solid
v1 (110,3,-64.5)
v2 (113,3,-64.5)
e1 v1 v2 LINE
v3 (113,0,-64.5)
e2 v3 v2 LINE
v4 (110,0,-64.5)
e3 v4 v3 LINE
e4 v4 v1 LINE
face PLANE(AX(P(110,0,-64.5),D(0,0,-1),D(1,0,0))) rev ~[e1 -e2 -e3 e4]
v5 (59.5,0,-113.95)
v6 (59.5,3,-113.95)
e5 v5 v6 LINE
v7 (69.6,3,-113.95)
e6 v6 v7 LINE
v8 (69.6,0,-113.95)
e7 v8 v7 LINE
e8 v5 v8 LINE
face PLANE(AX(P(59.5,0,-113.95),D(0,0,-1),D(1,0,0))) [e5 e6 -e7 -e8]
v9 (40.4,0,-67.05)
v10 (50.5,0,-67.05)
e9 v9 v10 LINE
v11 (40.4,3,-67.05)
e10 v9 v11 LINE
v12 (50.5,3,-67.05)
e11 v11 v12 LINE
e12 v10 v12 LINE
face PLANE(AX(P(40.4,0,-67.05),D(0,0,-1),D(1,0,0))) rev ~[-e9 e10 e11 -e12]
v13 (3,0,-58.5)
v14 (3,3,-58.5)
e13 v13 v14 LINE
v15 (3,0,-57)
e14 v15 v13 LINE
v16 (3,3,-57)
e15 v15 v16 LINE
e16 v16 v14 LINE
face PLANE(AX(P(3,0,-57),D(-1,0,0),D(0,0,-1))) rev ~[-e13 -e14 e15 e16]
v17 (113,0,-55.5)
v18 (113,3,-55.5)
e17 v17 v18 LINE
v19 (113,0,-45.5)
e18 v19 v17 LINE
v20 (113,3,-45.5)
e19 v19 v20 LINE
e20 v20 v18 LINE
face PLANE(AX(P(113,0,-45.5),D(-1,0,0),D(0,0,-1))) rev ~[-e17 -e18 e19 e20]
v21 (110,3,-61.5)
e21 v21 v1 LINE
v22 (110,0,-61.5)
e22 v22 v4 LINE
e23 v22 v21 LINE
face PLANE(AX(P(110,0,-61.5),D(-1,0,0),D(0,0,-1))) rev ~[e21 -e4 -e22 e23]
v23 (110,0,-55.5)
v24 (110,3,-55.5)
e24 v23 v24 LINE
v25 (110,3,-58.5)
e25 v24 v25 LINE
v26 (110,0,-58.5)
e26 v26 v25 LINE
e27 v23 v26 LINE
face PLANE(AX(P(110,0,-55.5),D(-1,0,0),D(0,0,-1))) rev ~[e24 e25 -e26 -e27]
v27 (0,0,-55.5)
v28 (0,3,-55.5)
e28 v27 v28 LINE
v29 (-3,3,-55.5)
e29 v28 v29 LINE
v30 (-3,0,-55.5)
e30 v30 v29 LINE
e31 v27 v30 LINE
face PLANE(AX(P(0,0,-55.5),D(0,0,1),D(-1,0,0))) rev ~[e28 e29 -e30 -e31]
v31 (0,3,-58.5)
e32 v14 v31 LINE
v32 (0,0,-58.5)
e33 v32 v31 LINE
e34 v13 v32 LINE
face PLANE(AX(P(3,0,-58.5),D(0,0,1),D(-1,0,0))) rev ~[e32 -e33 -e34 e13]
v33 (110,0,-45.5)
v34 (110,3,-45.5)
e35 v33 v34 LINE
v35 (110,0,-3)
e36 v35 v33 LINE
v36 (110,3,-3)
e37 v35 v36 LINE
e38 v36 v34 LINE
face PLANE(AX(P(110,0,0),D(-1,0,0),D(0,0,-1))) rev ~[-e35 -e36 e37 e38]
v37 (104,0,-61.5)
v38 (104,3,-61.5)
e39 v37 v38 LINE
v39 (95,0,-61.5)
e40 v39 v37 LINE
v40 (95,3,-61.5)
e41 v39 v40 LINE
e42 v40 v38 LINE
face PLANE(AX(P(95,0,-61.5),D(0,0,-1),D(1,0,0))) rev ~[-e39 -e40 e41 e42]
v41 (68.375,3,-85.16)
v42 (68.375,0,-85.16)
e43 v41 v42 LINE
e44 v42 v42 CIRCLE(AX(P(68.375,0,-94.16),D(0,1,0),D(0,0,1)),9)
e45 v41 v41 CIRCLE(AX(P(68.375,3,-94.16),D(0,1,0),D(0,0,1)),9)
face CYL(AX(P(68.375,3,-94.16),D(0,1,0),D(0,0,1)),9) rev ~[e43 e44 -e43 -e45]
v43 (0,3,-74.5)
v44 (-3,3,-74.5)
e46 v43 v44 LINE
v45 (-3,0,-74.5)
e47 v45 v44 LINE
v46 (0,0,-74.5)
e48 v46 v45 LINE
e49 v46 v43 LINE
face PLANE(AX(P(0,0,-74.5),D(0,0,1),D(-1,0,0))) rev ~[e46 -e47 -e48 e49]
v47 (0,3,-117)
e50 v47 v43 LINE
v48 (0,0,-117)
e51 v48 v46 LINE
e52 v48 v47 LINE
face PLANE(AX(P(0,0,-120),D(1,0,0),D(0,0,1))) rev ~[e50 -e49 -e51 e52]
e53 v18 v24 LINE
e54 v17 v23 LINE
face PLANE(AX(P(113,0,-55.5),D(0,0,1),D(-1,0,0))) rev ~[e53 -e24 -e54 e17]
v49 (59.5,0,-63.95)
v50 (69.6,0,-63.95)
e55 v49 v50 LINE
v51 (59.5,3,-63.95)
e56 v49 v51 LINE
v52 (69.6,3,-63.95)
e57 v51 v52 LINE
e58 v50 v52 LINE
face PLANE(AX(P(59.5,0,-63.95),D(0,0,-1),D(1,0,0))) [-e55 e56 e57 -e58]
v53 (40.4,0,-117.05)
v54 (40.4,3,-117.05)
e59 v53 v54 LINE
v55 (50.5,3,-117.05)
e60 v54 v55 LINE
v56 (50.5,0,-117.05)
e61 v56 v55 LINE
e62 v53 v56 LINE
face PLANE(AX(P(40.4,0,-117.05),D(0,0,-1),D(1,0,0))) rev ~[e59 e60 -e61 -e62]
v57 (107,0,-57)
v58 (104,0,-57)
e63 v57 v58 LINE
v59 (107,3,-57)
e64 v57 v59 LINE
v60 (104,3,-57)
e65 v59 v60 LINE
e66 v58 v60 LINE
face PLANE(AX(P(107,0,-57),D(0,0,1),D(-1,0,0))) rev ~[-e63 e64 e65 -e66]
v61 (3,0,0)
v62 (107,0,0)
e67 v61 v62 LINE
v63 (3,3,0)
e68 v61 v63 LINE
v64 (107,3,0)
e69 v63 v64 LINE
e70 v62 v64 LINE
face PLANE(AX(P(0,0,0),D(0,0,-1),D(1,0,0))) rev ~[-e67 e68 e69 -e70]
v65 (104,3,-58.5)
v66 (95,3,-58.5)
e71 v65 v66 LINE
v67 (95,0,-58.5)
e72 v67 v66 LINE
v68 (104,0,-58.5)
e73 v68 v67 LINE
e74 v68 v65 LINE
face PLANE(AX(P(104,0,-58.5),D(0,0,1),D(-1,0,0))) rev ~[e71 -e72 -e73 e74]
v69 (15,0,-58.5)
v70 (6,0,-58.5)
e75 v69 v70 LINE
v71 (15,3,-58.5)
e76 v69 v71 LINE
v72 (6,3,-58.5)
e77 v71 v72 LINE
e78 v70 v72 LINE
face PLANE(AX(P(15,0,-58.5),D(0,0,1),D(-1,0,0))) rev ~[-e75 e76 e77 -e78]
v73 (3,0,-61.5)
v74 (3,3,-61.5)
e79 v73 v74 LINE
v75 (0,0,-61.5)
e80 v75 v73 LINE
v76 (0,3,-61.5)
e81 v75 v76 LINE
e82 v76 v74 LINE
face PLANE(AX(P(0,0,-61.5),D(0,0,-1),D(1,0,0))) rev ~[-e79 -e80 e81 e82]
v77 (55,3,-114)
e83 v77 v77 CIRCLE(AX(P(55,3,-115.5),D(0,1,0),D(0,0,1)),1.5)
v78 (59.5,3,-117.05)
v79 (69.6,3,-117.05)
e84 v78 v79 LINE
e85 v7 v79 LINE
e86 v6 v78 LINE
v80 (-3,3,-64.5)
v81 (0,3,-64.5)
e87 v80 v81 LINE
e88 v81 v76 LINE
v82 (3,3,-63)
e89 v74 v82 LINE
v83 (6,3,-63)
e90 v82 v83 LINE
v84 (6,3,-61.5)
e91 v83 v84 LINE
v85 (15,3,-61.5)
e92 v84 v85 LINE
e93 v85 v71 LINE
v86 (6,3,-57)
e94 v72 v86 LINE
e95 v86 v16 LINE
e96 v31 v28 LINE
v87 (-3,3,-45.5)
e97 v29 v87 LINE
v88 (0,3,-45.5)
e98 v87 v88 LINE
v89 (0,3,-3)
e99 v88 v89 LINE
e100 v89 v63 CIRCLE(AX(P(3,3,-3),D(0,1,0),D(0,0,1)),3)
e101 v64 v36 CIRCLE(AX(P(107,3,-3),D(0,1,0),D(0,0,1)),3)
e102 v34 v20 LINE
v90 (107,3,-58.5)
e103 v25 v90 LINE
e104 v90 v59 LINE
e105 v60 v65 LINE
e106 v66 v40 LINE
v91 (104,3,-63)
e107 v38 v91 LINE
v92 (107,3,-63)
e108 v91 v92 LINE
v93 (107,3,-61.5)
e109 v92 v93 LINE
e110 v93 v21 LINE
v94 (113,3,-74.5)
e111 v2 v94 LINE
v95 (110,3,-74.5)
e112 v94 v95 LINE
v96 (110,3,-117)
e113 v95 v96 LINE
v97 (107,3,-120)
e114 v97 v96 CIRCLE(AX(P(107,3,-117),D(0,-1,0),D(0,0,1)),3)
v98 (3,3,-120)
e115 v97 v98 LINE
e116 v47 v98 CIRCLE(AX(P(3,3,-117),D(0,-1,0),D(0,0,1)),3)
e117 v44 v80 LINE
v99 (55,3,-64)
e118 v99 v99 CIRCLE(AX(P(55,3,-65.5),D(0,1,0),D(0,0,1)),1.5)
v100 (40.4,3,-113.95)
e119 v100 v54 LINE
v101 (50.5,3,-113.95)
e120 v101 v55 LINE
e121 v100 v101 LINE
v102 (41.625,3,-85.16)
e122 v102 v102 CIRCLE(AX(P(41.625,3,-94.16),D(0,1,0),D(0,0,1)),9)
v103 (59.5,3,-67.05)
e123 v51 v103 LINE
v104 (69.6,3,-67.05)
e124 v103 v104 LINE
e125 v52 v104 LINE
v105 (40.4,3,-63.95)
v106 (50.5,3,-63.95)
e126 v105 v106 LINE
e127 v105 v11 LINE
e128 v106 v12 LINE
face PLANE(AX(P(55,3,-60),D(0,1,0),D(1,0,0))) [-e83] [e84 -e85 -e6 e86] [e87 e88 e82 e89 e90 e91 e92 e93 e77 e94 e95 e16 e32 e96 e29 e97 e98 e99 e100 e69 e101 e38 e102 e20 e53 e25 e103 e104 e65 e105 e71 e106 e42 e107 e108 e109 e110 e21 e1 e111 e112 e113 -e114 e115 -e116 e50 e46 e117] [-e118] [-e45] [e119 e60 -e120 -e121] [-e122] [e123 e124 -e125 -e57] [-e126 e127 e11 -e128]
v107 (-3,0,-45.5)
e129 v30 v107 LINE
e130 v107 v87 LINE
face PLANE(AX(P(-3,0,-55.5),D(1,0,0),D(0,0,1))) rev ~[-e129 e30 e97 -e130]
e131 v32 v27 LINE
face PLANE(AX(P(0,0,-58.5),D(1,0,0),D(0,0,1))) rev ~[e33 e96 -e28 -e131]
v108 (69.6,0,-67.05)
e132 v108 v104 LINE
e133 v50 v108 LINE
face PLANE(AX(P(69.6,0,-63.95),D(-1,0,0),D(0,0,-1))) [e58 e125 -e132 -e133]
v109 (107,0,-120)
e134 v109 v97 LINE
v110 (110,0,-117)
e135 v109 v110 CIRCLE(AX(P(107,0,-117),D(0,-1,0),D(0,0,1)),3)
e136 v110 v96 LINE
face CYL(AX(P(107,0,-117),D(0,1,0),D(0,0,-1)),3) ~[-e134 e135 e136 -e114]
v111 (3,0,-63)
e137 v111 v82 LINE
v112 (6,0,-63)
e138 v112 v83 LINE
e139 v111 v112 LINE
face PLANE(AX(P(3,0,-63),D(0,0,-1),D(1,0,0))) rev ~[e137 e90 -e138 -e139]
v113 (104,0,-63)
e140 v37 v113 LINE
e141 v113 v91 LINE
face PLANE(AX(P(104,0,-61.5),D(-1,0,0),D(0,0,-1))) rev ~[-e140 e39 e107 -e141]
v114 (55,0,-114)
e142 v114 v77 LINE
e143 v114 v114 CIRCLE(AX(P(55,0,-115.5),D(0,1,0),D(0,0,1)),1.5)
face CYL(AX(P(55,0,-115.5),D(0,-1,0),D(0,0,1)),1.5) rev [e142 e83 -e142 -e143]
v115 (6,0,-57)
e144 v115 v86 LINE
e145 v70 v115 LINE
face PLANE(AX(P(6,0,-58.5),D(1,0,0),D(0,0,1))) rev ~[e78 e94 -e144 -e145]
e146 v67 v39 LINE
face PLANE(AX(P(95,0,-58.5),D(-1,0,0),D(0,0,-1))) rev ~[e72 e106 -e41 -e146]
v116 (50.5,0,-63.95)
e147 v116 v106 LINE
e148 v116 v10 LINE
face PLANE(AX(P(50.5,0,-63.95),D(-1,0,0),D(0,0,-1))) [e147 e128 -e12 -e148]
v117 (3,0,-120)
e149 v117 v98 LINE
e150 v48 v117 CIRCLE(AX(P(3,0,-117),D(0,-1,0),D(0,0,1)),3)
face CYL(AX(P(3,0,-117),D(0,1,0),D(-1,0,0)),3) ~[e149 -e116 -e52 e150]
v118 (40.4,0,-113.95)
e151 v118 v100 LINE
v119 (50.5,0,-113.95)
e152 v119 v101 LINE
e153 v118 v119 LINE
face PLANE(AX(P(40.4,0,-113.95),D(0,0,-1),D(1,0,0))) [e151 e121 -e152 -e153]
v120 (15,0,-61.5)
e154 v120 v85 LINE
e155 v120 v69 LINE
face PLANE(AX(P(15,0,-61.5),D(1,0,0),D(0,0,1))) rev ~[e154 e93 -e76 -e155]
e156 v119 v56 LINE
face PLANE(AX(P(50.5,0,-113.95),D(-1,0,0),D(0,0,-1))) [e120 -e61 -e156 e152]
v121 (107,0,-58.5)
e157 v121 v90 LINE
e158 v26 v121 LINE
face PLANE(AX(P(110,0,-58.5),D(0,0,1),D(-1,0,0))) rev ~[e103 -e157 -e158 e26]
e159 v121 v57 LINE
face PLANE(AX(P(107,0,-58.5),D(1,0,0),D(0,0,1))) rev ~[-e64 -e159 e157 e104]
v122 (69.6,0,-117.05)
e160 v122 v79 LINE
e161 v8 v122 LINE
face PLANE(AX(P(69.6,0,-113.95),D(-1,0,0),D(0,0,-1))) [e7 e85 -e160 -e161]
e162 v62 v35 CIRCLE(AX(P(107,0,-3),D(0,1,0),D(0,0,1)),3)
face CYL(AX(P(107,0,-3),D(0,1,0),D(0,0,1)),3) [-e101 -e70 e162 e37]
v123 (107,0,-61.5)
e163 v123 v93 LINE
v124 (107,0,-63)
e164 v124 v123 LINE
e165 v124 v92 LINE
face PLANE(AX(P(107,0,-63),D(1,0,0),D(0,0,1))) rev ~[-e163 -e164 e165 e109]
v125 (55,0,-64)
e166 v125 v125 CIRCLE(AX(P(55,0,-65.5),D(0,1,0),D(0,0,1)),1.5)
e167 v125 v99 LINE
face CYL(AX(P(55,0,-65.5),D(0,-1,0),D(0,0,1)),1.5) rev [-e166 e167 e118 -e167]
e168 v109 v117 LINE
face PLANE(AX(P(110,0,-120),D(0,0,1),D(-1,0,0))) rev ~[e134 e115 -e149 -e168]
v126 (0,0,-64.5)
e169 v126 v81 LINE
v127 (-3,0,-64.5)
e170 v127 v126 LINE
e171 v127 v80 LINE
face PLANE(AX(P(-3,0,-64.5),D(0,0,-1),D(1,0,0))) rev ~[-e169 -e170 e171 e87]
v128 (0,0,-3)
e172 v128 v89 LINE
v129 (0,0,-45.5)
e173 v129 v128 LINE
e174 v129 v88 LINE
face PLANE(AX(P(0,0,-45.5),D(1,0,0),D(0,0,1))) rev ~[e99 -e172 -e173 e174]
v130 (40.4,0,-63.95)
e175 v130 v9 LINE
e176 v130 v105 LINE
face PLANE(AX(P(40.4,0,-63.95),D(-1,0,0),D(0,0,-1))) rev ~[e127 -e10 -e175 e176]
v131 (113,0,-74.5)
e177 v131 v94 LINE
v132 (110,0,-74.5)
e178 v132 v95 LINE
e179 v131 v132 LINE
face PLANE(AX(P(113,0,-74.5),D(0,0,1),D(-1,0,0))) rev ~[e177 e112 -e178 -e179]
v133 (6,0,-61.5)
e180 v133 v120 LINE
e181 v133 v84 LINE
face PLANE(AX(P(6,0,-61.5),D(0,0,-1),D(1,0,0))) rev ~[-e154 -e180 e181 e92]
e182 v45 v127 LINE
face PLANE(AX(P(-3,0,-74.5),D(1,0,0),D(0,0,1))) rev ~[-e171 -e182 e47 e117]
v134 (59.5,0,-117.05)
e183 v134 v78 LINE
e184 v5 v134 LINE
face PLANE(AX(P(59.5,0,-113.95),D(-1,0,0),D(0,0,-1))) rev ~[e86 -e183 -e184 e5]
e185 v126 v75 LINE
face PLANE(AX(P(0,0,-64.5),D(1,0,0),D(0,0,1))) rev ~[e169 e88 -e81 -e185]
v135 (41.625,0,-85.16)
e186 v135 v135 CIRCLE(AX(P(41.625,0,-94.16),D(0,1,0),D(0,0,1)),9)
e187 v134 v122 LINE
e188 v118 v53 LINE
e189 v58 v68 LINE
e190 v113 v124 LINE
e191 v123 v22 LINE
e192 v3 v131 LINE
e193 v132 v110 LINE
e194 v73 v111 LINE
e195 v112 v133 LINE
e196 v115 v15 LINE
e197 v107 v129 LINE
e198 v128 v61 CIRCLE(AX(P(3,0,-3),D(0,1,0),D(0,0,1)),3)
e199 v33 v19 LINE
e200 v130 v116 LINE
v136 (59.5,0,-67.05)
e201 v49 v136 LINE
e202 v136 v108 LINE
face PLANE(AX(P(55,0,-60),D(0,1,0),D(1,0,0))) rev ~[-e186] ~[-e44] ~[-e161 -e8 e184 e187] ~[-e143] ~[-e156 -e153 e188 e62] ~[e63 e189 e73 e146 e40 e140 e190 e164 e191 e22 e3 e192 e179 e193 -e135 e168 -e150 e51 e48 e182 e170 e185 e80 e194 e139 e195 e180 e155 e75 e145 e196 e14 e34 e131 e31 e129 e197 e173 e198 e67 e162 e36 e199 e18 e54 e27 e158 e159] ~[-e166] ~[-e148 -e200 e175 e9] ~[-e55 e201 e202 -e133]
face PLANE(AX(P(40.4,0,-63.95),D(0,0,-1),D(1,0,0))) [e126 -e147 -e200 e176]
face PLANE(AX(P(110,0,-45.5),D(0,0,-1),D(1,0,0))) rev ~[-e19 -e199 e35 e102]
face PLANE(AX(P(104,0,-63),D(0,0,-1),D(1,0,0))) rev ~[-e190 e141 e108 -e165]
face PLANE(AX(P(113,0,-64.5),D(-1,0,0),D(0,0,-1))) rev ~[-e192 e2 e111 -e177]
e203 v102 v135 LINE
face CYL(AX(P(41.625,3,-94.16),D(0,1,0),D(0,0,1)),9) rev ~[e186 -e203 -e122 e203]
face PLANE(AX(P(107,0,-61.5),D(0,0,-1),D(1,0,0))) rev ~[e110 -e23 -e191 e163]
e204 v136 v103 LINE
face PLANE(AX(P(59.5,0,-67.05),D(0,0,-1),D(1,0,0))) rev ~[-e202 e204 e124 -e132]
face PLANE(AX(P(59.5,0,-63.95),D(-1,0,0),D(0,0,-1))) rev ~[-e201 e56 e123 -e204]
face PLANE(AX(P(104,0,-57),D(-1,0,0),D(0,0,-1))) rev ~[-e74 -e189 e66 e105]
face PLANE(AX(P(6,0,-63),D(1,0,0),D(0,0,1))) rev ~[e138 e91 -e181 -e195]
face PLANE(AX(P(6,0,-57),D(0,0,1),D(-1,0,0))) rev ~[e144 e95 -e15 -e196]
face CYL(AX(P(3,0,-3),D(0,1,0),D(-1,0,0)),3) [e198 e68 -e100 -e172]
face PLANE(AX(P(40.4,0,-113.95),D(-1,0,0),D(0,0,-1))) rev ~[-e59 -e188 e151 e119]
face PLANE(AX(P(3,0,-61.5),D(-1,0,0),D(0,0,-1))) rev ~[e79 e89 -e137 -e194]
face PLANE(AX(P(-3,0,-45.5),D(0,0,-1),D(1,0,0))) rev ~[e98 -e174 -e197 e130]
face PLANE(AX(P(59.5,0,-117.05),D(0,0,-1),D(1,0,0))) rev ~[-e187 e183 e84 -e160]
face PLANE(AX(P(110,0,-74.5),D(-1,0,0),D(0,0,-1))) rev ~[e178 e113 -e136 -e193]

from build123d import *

# Parameters (mm, degrees)
SKETCH1_W           = 10.1
SKETCH1_H           = 3.1
SKETCH1_R           = 1.5
BOSS_EXTRUDE1_DEPTH = 3
FILLET1_R           = 3
SKETCH2_R           = 9
CUT_EXTRUDE1_DEPTH  = 10


with BuildPart() as part:
    # Sketch1 → Boss-Extrude1 (new body)
    with BuildSketch(Plane(origin=(0, 0, 0), x_dir=(1, 0, 0), z_dir=(0, 1, 0))):
        Polygon((0, 45.5), (0, 0), (110, 0), (110, 45.5), (113, 45.5), (113, 55.5), (110, 55.5), (110, 58.5), (107, 58.5), (107, 57), (104, 57), (104, 58.5), (95, 58.5), (95, 61.5), (104, 61.5), (104, 63), (107, 63), (107, 61.5), (110, 61.5), (110, 64.5), (113, 64.5), (113, 74.5), (110, 74.5), (110, 120), (0, 120), (0, 74.5), (-3, 74.5), (-3, 64.5), (0, 64.5), (0, 61.5), (3, 61.5), (3, 63), (6, 63), (6, 61.5), (15, 61.5), (15, 58.5), (6, 58.5), (6, 57), (3, 57), (3, 58.5), (0, 58.5), (0, 55.5), (-3, 55.5), (-3, 45.5), align=None)
        with Locations((45.45, 65.5)):
            Rectangle(SKETCH1_W, SKETCH1_H, mode=Mode.SUBTRACT)
        with Locations((45.45, 115.5)):
            Rectangle(SKETCH1_W, SKETCH1_H, mode=Mode.SUBTRACT)
        with Locations(Location((55, 65.5, 0), (0, 0, 270))):
            Circle(SKETCH1_R, mode=Mode.SUBTRACT)
        with Locations((64.55, 65.5)):
            Rectangle(SKETCH1_W, SKETCH1_H, mode=Mode.SUBTRACT)
        with Locations(Location((55, 115.5, 0), (0, 0, 270))):
            Circle(SKETCH1_R, mode=Mode.SUBTRACT)
        with Locations((64.55, 115.5)):
            Rectangle(SKETCH1_W, SKETCH1_H, mode=Mode.SUBTRACT)
    extrude(amount=BOSS_EXTRUDE1_DEPTH)

    # Fillet1
    fillet1_edges = [part.edges().sort_by_distance(p)[0] for p in [
        (110, 1.5, 0),
        (0, 1.5, 0),
        (0, 1.5, -120),
        (110, 1.5, -120),
    ]]
    fillet(fillet1_edges, radius=FILLET1_R)

    # Sketch2 → Cut-Extrude1 (cut)
    with BuildSketch(Plane(origin=(0, 3, 0), x_dir=(1, 0, 0), z_dir=(0, 1, 0))):
        with Locations(Location((41.625, 94.16, 0), (0, 0, 270))):
            Circle(SKETCH2_R)
        with Locations(Location((68.375, 94.16, 0), (0, 0, 270))):
            Circle(SKETCH2_R)
    extrude(amount=-CUT_EXTRUDE1_DEPTH, mode=Mode.SUBTRACT)


solid = part.part
